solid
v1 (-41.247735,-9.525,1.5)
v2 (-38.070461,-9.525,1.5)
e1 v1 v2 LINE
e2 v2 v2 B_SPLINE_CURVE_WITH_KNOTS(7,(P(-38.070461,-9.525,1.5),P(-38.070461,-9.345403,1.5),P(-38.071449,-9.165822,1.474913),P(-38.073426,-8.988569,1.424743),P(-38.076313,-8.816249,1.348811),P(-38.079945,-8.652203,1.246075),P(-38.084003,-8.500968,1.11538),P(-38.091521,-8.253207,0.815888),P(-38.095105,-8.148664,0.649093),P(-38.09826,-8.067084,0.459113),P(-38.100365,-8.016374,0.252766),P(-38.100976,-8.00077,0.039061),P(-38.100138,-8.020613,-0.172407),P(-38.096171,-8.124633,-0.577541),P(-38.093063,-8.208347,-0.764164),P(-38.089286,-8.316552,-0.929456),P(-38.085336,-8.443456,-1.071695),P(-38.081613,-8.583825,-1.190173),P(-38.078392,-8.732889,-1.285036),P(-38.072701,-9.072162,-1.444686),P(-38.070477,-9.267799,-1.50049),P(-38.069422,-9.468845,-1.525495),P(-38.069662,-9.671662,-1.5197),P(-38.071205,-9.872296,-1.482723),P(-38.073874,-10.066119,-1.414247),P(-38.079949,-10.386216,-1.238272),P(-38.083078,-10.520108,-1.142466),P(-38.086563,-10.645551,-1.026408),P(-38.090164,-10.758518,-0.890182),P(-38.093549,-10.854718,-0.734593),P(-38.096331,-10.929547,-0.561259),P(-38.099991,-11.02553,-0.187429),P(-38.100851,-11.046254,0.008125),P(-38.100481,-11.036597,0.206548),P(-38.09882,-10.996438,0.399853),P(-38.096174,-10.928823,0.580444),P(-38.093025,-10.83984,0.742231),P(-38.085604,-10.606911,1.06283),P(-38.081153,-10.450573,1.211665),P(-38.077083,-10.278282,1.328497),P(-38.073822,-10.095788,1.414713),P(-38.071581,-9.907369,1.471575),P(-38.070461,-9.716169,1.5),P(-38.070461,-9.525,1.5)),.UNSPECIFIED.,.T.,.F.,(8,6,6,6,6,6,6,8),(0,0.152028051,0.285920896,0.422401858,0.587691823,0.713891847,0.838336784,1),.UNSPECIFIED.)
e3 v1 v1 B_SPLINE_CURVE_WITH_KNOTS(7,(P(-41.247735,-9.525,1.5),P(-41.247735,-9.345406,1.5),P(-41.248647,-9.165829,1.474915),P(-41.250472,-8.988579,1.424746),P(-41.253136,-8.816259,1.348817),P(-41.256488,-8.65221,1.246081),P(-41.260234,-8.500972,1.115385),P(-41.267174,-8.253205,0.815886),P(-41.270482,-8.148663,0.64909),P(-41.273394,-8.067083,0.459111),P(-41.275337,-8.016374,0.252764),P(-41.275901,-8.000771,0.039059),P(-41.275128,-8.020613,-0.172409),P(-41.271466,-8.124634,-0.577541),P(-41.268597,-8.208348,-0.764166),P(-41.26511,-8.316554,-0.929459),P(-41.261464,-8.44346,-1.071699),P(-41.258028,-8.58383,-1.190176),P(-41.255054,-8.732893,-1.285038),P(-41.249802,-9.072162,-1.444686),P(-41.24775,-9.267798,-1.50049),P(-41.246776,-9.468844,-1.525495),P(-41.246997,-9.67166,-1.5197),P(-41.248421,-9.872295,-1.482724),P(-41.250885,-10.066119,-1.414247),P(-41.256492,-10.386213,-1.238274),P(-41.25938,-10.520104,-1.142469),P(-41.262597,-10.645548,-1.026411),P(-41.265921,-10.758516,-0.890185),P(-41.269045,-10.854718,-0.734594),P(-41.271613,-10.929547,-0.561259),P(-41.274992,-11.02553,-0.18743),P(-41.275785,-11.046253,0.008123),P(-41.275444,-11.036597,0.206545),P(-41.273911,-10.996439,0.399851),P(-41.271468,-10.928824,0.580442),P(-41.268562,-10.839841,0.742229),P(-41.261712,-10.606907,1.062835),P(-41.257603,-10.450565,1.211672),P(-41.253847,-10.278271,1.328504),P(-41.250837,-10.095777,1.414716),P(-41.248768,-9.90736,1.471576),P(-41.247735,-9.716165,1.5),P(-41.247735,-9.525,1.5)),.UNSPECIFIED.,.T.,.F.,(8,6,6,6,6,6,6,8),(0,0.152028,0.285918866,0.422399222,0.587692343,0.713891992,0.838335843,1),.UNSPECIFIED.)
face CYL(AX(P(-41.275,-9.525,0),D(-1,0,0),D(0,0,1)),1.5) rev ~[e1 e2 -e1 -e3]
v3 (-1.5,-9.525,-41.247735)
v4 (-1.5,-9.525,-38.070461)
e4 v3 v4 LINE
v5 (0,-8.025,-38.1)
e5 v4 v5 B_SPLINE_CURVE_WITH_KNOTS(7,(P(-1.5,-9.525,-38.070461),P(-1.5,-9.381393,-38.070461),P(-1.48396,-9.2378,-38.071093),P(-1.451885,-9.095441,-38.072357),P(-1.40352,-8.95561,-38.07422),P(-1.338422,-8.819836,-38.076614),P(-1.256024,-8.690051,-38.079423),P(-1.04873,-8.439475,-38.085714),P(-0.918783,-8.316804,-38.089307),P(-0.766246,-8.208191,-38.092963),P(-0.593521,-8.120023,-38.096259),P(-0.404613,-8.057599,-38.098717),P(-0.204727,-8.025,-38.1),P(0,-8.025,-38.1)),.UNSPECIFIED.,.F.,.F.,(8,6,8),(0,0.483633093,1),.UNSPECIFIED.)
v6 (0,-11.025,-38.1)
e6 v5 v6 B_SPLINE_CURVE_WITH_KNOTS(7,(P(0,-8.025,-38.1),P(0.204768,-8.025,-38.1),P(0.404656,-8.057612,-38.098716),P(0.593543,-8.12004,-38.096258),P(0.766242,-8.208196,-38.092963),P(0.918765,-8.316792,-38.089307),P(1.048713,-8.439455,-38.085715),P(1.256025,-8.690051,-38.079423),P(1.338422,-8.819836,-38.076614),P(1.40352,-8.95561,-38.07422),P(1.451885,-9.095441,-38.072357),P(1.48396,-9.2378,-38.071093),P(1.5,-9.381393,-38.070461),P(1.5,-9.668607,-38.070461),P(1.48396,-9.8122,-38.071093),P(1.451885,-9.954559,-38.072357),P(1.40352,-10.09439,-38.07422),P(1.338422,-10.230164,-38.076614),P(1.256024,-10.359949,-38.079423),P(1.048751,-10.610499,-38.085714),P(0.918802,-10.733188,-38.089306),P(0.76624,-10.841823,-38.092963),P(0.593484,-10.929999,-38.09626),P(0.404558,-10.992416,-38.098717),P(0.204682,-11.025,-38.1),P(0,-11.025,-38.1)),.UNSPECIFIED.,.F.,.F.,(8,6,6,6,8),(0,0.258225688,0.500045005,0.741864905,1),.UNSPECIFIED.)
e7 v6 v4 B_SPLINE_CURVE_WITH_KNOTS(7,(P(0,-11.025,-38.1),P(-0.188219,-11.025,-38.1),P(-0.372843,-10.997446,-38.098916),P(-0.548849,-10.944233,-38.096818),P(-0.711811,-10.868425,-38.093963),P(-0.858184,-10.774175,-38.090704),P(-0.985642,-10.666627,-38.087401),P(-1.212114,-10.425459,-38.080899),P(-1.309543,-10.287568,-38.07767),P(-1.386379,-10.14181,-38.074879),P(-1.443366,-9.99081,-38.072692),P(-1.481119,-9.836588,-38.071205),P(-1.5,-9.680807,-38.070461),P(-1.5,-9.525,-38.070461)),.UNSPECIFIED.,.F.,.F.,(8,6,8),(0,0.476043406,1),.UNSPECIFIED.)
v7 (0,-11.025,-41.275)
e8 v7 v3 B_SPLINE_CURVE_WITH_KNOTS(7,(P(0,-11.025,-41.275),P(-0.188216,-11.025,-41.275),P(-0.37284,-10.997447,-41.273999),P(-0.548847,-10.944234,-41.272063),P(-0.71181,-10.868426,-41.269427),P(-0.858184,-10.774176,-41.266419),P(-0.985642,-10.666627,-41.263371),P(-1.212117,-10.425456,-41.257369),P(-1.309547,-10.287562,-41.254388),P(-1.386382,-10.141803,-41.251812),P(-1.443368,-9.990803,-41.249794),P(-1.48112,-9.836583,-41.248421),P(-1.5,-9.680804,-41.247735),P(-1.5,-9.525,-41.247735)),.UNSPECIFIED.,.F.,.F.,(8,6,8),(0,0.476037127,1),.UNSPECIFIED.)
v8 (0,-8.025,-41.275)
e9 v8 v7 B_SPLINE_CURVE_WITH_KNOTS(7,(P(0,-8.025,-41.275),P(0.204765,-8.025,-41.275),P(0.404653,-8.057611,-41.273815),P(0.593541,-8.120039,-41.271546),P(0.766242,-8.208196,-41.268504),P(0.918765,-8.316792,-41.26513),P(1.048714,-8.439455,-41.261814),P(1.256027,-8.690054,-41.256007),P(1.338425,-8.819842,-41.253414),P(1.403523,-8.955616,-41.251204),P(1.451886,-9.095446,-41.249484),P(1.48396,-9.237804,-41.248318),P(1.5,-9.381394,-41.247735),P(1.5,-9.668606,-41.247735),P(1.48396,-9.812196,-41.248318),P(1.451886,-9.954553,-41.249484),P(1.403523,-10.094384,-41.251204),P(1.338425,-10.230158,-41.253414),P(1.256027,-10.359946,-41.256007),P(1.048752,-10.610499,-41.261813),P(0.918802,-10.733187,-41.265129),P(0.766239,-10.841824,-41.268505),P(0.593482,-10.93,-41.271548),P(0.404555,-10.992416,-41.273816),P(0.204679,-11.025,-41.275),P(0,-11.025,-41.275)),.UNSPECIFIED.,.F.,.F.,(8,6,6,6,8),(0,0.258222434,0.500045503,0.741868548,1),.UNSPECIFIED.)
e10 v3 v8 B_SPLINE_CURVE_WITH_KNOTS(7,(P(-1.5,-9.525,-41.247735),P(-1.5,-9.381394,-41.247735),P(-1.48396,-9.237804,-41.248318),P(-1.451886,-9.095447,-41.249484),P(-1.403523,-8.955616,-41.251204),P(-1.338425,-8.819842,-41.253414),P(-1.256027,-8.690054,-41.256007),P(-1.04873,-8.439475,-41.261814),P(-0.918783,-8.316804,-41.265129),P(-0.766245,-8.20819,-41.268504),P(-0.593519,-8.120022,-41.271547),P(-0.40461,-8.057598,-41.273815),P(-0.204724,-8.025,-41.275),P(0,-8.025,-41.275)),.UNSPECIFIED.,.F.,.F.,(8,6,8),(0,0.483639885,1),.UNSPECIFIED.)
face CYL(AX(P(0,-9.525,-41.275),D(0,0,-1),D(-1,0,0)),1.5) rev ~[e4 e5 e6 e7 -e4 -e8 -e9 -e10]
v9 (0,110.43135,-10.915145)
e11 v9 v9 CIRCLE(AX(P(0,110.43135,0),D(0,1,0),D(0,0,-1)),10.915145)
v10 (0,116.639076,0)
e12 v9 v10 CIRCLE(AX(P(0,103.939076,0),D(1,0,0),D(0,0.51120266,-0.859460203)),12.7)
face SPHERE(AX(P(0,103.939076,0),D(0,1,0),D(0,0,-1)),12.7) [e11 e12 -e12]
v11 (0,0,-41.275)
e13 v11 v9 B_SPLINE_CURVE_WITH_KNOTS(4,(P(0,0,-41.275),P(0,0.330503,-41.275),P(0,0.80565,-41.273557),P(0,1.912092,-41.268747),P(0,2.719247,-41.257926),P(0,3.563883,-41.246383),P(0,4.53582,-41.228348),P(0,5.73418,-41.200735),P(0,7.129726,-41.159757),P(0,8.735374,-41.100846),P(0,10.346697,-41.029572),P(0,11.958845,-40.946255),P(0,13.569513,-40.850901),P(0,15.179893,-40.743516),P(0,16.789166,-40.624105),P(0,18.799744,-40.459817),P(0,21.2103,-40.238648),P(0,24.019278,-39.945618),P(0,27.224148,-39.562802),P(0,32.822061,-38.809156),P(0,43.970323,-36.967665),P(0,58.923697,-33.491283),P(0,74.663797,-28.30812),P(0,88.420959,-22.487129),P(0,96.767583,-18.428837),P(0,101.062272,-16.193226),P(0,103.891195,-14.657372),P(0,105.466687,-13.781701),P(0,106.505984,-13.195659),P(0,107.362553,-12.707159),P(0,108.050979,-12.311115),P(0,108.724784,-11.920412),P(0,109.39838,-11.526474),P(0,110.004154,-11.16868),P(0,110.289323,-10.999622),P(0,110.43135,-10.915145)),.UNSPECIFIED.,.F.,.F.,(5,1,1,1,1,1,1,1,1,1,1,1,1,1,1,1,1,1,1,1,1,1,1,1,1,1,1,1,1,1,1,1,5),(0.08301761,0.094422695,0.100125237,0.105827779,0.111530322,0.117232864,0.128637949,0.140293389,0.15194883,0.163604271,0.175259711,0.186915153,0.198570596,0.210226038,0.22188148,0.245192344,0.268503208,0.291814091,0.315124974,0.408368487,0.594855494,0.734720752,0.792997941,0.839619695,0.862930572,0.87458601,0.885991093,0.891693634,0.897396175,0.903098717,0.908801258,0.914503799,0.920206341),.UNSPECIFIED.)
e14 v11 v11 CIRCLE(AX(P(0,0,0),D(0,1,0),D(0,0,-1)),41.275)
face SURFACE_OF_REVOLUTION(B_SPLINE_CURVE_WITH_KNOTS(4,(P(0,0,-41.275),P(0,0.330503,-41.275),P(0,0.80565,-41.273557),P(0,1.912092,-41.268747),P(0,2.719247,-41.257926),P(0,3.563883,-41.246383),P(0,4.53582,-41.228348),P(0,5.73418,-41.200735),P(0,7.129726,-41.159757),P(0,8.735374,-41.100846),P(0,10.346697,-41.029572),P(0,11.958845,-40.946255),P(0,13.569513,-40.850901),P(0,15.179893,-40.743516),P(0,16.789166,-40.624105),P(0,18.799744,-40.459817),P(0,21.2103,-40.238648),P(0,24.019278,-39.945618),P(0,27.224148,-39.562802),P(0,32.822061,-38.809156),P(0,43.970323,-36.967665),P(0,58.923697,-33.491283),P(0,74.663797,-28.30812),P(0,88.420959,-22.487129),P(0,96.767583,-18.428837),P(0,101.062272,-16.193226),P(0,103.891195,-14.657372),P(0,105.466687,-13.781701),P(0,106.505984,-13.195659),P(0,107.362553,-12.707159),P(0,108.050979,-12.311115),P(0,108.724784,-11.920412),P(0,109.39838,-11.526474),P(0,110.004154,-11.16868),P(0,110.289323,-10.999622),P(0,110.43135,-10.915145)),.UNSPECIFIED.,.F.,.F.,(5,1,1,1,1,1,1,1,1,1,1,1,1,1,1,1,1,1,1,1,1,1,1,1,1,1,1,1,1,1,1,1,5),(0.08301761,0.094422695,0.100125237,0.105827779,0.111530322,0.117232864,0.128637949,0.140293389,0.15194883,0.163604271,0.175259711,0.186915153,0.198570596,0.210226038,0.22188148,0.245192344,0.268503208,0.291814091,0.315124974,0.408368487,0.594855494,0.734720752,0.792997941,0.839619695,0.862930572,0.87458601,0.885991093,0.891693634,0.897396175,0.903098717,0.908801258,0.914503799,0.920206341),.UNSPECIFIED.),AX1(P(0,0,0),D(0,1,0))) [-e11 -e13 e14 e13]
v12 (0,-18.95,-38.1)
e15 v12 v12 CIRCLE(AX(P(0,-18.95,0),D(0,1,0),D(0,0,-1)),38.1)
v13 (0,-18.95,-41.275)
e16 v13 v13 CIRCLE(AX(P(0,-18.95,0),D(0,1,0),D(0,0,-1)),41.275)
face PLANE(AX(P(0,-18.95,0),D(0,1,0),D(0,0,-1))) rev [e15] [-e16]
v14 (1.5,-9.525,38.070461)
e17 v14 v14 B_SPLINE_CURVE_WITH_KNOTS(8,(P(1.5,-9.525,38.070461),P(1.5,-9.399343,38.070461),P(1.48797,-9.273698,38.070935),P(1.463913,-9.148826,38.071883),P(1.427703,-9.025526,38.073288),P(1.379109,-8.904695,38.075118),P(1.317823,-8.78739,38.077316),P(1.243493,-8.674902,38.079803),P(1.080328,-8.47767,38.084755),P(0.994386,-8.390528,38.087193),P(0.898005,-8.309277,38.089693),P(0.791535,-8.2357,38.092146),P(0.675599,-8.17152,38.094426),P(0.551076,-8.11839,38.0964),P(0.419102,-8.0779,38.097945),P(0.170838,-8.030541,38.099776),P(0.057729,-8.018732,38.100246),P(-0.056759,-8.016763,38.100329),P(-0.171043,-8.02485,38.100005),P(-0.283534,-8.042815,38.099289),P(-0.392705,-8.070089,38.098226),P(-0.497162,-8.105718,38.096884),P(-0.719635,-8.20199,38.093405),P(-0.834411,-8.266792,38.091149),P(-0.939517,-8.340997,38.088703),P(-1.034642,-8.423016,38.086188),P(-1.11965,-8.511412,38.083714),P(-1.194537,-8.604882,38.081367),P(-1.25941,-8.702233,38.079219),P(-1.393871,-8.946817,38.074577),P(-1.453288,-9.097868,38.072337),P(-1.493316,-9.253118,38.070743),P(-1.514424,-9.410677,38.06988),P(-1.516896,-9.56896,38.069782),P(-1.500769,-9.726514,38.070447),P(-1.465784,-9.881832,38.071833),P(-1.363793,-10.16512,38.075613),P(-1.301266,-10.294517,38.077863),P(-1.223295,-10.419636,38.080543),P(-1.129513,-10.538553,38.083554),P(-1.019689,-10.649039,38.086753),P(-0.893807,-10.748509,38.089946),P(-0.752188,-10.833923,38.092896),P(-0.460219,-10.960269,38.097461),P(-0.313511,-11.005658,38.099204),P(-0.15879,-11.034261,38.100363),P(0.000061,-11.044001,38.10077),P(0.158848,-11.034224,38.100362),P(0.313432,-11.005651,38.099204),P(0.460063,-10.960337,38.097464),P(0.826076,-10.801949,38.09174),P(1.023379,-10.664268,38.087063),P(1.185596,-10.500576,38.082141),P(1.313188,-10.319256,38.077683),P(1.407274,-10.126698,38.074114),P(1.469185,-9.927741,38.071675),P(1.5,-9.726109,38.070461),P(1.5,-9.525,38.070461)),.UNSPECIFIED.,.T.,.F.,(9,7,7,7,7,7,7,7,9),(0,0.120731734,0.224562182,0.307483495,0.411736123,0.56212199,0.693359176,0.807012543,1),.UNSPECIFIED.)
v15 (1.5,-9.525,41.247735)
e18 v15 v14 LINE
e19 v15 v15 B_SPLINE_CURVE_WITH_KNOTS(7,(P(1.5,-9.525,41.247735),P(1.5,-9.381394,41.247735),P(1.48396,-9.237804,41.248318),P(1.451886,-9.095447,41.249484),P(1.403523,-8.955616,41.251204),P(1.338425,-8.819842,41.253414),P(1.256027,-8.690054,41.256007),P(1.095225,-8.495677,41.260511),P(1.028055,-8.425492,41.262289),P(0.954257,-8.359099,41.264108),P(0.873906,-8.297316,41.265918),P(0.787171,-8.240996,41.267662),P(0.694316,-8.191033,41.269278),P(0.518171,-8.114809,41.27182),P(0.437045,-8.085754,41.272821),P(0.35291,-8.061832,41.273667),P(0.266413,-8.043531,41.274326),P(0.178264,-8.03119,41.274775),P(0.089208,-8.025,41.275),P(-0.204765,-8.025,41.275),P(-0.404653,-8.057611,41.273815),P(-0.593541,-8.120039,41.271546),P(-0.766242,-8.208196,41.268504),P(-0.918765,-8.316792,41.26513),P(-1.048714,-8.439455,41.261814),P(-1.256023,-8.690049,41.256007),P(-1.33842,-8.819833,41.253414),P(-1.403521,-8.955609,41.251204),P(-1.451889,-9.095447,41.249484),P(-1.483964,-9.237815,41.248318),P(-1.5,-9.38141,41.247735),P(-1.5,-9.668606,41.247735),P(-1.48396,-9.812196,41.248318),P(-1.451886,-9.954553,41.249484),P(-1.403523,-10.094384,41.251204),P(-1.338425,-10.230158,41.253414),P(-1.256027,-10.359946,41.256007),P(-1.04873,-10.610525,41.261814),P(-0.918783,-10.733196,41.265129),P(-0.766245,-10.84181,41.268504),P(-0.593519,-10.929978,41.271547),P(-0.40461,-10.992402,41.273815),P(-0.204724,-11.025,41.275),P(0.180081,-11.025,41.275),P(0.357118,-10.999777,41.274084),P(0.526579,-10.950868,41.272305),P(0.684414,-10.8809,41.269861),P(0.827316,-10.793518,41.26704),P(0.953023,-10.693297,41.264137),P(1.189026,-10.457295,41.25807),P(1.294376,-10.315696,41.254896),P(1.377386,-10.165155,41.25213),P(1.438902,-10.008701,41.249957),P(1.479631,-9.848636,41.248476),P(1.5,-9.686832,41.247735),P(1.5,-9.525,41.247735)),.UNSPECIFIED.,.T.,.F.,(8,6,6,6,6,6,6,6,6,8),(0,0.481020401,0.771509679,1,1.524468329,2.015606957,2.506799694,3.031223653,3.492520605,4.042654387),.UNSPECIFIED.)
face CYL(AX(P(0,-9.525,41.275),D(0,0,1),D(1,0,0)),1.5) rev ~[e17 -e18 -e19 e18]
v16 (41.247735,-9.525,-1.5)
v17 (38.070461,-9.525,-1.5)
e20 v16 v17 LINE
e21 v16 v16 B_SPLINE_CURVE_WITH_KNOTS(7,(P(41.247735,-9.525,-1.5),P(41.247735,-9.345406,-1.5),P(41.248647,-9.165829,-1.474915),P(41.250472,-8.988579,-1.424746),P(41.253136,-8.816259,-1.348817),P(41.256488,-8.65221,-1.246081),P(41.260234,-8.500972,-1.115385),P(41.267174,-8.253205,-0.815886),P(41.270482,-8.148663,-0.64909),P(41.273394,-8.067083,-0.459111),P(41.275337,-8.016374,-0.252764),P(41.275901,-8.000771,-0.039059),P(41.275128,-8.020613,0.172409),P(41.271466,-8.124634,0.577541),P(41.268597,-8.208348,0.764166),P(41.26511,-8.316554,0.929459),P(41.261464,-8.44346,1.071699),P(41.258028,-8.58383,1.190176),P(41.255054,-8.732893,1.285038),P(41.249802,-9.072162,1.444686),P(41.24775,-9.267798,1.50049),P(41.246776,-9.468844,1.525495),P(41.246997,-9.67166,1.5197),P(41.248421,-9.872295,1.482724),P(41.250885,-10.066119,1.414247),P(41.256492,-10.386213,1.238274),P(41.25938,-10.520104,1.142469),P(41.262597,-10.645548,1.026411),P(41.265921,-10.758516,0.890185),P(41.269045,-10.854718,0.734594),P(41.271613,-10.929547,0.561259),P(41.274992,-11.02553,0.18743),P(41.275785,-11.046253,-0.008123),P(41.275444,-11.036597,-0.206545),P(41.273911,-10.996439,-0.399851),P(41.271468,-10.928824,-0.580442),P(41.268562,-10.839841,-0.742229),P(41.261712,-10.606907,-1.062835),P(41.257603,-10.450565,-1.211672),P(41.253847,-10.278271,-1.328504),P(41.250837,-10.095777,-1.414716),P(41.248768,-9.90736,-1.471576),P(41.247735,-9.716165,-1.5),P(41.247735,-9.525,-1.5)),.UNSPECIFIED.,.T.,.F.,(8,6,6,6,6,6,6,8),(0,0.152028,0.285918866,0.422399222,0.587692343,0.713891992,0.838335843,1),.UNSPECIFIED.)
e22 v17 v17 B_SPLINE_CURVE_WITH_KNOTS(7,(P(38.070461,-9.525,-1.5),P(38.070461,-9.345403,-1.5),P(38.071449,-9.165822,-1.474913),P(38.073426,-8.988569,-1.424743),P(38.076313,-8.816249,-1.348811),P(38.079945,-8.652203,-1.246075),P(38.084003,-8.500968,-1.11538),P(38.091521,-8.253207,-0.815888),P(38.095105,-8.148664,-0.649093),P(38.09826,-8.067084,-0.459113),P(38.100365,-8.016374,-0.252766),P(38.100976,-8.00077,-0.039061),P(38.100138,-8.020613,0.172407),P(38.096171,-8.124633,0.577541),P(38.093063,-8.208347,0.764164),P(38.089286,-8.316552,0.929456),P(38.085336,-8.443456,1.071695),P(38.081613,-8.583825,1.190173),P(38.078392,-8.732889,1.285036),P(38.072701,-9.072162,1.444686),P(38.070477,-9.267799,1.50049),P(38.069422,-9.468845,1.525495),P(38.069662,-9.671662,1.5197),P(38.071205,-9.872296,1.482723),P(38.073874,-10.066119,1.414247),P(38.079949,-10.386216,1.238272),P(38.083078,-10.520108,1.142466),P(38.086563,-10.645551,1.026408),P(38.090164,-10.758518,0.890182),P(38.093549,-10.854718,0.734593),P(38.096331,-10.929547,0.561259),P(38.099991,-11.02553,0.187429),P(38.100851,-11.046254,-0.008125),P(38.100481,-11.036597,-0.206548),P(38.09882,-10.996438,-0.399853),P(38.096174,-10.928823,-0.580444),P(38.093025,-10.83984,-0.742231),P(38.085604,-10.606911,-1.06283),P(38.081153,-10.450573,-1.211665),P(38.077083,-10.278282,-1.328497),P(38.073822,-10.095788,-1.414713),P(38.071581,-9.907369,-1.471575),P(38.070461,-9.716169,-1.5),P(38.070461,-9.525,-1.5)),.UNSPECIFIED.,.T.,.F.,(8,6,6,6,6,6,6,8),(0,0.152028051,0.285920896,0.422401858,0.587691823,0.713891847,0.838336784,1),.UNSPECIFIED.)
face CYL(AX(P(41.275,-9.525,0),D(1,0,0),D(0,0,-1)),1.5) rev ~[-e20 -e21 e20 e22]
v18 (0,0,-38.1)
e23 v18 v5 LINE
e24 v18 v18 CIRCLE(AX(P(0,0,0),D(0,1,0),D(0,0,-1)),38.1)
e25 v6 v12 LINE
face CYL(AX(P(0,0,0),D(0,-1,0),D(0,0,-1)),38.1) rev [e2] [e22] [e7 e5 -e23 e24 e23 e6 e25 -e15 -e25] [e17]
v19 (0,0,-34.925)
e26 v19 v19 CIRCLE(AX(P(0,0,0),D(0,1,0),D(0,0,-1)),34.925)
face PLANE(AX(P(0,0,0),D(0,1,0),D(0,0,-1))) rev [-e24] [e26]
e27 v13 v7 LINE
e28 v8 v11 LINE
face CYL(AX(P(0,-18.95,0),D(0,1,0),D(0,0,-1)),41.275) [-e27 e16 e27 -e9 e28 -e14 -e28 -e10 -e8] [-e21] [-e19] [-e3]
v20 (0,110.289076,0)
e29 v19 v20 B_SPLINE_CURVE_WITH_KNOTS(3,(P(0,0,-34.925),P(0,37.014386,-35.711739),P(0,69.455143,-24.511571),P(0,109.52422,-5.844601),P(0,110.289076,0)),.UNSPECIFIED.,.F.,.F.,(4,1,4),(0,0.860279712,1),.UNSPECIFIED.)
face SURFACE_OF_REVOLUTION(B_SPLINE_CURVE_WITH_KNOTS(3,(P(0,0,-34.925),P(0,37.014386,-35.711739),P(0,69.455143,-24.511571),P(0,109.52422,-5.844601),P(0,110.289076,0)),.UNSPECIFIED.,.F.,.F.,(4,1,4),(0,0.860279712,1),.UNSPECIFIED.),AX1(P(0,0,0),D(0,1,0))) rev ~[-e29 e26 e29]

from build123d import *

# Parameters (mm, degrees)
SKETCH7_R          = 1.5
CUT_EXTRUDE1_DEPTH = 3.81
CIRPATTERN1_COUNT  = 4


with BuildPart() as part:
    # Sketch1 → Revolve1 (revolve)
    with BuildSketch(Plane.XY, mode=Mode.PRIVATE) as revolve1_sk:
        with BuildLine():
            Line((0, 116.639076478), (0, 110.289076478))
            add(Edge.make_bspline(
                [(-34.925, 0), (-35.711738611, 37.014385541), (-24.511570594, 69.455143498), (-5.844600922, 109.524219753), (0, 110.289076478)],
                knots=[0, 0, 0, 0, 0.860279712, 1, 1, 1, 1], degree=3))
            Line((-34.925, 0), (-38.1, 0))
            Line((-38.1, 0), (-38.1, -18.95))
            Line((-38.1, -18.95), (-41.275, -18.95))
            Line((-41.275, -18.95), (-41.275, 0))
            add(Edge.make_bspline(
                [(-41.275, 0), (-41.275, 0.330502854), (-41.273557103, 0.805649639), (-41.268747446, 1.912092247), (-41.257925909, 2.719246857), (-41.246383117, 3.563883335), (-41.228347866, 4.535820012), (-41.200734551, 5.734179725), (-41.159757311, 7.129726347), (-41.100846347, 8.735373987), (-41.029571588, 10.346697141), (-40.946255064, 11.958844584), (-40.850901423, 13.569512918), (-40.743515987, 15.179892998), (-40.624104745, 16.789166096), (-40.459816828, 18.799743968), (-40.238647793, 21.210299788), (-39.945617875, 24.019277994), (-39.562802148, 27.224148418), (-38.809156369, 32.822061303), (-36.96766496, 43.970323281), (-33.49128341, 58.923697069), (-28.30812049, 74.663796505), (-22.487129194, 88.42095936), (-18.428836954, 96.767582764), (-16.193226279, 101.062272388), (-14.657371604, 103.891195217), (-13.781700582, 105.466687496), (-13.19565908, 106.505983946), (-12.707159013, 107.362552916), (-12.311115433, 108.050979413), (-11.92041177, 108.724783551), (-11.526473808, 109.398380474), (-11.168679866, 110.0041541), (-10.999621727, 110.28932335), (-10.915144579, 110.431350258)],
                knots=[0.08301761, 0.08301761, 0.08301761, 0.08301761, 0.08301761, 0.094422695, 0.100125237, 0.105827779, 0.111530322, 0.117232864, 0.128637949, 0.140293389, 0.15194883, 0.163604271, 0.175259711, 0.186915153, 0.198570596, 0.210226038, 0.22188148, 0.245192344, 0.268503208, 0.291814091, 0.315124974, 0.408368487, 0.594855494, 0.734720752, 0.792997941, 0.839619695, 0.862930572, 0.87458601, 0.885991093, 0.891693634, 0.897396175, 0.903098717, 0.908801258, 0.914503799, 0.920206341, 0.920206341, 0.920206341, 0.920206341, 0.920206341], degree=4))
            ThreePointArc((-10.915144579, 110.431350258), (-6.278460122, 114.97859361), (0, 116.639076478))
        make_face()
    revolve(revolve1_sk.sketch.rotate(Axis((0, 0, 0), (0, 1, 0)), 270), axis=Axis((0, 0, 0), (0, 1, 0)))

    # Sketch7 → Cut-Extrude1 (cut)
    with BuildSketch(Plane.XY.offset(41.275)):
        with Locations((0, -9.525)):
            Circle(SKETCH7_R)
    cut_extrude1 = extrude(amount=-CUT_EXTRUDE1_DEPTH, mode=Mode.SUBTRACT)

    # CirPattern1: Cut-Extrude1 ×4 about axis
    cirpattern1_axis = Axis((0, 0, 0), (0, -1, 0))
    for i in range(1, CIRPATTERN1_COUNT):
        add(cut_extrude1.rotate(cirpattern1_axis, i * 360 / CIRPATTERN1_COUNT), mode=Mode.SUBTRACT)


solid = part.part
